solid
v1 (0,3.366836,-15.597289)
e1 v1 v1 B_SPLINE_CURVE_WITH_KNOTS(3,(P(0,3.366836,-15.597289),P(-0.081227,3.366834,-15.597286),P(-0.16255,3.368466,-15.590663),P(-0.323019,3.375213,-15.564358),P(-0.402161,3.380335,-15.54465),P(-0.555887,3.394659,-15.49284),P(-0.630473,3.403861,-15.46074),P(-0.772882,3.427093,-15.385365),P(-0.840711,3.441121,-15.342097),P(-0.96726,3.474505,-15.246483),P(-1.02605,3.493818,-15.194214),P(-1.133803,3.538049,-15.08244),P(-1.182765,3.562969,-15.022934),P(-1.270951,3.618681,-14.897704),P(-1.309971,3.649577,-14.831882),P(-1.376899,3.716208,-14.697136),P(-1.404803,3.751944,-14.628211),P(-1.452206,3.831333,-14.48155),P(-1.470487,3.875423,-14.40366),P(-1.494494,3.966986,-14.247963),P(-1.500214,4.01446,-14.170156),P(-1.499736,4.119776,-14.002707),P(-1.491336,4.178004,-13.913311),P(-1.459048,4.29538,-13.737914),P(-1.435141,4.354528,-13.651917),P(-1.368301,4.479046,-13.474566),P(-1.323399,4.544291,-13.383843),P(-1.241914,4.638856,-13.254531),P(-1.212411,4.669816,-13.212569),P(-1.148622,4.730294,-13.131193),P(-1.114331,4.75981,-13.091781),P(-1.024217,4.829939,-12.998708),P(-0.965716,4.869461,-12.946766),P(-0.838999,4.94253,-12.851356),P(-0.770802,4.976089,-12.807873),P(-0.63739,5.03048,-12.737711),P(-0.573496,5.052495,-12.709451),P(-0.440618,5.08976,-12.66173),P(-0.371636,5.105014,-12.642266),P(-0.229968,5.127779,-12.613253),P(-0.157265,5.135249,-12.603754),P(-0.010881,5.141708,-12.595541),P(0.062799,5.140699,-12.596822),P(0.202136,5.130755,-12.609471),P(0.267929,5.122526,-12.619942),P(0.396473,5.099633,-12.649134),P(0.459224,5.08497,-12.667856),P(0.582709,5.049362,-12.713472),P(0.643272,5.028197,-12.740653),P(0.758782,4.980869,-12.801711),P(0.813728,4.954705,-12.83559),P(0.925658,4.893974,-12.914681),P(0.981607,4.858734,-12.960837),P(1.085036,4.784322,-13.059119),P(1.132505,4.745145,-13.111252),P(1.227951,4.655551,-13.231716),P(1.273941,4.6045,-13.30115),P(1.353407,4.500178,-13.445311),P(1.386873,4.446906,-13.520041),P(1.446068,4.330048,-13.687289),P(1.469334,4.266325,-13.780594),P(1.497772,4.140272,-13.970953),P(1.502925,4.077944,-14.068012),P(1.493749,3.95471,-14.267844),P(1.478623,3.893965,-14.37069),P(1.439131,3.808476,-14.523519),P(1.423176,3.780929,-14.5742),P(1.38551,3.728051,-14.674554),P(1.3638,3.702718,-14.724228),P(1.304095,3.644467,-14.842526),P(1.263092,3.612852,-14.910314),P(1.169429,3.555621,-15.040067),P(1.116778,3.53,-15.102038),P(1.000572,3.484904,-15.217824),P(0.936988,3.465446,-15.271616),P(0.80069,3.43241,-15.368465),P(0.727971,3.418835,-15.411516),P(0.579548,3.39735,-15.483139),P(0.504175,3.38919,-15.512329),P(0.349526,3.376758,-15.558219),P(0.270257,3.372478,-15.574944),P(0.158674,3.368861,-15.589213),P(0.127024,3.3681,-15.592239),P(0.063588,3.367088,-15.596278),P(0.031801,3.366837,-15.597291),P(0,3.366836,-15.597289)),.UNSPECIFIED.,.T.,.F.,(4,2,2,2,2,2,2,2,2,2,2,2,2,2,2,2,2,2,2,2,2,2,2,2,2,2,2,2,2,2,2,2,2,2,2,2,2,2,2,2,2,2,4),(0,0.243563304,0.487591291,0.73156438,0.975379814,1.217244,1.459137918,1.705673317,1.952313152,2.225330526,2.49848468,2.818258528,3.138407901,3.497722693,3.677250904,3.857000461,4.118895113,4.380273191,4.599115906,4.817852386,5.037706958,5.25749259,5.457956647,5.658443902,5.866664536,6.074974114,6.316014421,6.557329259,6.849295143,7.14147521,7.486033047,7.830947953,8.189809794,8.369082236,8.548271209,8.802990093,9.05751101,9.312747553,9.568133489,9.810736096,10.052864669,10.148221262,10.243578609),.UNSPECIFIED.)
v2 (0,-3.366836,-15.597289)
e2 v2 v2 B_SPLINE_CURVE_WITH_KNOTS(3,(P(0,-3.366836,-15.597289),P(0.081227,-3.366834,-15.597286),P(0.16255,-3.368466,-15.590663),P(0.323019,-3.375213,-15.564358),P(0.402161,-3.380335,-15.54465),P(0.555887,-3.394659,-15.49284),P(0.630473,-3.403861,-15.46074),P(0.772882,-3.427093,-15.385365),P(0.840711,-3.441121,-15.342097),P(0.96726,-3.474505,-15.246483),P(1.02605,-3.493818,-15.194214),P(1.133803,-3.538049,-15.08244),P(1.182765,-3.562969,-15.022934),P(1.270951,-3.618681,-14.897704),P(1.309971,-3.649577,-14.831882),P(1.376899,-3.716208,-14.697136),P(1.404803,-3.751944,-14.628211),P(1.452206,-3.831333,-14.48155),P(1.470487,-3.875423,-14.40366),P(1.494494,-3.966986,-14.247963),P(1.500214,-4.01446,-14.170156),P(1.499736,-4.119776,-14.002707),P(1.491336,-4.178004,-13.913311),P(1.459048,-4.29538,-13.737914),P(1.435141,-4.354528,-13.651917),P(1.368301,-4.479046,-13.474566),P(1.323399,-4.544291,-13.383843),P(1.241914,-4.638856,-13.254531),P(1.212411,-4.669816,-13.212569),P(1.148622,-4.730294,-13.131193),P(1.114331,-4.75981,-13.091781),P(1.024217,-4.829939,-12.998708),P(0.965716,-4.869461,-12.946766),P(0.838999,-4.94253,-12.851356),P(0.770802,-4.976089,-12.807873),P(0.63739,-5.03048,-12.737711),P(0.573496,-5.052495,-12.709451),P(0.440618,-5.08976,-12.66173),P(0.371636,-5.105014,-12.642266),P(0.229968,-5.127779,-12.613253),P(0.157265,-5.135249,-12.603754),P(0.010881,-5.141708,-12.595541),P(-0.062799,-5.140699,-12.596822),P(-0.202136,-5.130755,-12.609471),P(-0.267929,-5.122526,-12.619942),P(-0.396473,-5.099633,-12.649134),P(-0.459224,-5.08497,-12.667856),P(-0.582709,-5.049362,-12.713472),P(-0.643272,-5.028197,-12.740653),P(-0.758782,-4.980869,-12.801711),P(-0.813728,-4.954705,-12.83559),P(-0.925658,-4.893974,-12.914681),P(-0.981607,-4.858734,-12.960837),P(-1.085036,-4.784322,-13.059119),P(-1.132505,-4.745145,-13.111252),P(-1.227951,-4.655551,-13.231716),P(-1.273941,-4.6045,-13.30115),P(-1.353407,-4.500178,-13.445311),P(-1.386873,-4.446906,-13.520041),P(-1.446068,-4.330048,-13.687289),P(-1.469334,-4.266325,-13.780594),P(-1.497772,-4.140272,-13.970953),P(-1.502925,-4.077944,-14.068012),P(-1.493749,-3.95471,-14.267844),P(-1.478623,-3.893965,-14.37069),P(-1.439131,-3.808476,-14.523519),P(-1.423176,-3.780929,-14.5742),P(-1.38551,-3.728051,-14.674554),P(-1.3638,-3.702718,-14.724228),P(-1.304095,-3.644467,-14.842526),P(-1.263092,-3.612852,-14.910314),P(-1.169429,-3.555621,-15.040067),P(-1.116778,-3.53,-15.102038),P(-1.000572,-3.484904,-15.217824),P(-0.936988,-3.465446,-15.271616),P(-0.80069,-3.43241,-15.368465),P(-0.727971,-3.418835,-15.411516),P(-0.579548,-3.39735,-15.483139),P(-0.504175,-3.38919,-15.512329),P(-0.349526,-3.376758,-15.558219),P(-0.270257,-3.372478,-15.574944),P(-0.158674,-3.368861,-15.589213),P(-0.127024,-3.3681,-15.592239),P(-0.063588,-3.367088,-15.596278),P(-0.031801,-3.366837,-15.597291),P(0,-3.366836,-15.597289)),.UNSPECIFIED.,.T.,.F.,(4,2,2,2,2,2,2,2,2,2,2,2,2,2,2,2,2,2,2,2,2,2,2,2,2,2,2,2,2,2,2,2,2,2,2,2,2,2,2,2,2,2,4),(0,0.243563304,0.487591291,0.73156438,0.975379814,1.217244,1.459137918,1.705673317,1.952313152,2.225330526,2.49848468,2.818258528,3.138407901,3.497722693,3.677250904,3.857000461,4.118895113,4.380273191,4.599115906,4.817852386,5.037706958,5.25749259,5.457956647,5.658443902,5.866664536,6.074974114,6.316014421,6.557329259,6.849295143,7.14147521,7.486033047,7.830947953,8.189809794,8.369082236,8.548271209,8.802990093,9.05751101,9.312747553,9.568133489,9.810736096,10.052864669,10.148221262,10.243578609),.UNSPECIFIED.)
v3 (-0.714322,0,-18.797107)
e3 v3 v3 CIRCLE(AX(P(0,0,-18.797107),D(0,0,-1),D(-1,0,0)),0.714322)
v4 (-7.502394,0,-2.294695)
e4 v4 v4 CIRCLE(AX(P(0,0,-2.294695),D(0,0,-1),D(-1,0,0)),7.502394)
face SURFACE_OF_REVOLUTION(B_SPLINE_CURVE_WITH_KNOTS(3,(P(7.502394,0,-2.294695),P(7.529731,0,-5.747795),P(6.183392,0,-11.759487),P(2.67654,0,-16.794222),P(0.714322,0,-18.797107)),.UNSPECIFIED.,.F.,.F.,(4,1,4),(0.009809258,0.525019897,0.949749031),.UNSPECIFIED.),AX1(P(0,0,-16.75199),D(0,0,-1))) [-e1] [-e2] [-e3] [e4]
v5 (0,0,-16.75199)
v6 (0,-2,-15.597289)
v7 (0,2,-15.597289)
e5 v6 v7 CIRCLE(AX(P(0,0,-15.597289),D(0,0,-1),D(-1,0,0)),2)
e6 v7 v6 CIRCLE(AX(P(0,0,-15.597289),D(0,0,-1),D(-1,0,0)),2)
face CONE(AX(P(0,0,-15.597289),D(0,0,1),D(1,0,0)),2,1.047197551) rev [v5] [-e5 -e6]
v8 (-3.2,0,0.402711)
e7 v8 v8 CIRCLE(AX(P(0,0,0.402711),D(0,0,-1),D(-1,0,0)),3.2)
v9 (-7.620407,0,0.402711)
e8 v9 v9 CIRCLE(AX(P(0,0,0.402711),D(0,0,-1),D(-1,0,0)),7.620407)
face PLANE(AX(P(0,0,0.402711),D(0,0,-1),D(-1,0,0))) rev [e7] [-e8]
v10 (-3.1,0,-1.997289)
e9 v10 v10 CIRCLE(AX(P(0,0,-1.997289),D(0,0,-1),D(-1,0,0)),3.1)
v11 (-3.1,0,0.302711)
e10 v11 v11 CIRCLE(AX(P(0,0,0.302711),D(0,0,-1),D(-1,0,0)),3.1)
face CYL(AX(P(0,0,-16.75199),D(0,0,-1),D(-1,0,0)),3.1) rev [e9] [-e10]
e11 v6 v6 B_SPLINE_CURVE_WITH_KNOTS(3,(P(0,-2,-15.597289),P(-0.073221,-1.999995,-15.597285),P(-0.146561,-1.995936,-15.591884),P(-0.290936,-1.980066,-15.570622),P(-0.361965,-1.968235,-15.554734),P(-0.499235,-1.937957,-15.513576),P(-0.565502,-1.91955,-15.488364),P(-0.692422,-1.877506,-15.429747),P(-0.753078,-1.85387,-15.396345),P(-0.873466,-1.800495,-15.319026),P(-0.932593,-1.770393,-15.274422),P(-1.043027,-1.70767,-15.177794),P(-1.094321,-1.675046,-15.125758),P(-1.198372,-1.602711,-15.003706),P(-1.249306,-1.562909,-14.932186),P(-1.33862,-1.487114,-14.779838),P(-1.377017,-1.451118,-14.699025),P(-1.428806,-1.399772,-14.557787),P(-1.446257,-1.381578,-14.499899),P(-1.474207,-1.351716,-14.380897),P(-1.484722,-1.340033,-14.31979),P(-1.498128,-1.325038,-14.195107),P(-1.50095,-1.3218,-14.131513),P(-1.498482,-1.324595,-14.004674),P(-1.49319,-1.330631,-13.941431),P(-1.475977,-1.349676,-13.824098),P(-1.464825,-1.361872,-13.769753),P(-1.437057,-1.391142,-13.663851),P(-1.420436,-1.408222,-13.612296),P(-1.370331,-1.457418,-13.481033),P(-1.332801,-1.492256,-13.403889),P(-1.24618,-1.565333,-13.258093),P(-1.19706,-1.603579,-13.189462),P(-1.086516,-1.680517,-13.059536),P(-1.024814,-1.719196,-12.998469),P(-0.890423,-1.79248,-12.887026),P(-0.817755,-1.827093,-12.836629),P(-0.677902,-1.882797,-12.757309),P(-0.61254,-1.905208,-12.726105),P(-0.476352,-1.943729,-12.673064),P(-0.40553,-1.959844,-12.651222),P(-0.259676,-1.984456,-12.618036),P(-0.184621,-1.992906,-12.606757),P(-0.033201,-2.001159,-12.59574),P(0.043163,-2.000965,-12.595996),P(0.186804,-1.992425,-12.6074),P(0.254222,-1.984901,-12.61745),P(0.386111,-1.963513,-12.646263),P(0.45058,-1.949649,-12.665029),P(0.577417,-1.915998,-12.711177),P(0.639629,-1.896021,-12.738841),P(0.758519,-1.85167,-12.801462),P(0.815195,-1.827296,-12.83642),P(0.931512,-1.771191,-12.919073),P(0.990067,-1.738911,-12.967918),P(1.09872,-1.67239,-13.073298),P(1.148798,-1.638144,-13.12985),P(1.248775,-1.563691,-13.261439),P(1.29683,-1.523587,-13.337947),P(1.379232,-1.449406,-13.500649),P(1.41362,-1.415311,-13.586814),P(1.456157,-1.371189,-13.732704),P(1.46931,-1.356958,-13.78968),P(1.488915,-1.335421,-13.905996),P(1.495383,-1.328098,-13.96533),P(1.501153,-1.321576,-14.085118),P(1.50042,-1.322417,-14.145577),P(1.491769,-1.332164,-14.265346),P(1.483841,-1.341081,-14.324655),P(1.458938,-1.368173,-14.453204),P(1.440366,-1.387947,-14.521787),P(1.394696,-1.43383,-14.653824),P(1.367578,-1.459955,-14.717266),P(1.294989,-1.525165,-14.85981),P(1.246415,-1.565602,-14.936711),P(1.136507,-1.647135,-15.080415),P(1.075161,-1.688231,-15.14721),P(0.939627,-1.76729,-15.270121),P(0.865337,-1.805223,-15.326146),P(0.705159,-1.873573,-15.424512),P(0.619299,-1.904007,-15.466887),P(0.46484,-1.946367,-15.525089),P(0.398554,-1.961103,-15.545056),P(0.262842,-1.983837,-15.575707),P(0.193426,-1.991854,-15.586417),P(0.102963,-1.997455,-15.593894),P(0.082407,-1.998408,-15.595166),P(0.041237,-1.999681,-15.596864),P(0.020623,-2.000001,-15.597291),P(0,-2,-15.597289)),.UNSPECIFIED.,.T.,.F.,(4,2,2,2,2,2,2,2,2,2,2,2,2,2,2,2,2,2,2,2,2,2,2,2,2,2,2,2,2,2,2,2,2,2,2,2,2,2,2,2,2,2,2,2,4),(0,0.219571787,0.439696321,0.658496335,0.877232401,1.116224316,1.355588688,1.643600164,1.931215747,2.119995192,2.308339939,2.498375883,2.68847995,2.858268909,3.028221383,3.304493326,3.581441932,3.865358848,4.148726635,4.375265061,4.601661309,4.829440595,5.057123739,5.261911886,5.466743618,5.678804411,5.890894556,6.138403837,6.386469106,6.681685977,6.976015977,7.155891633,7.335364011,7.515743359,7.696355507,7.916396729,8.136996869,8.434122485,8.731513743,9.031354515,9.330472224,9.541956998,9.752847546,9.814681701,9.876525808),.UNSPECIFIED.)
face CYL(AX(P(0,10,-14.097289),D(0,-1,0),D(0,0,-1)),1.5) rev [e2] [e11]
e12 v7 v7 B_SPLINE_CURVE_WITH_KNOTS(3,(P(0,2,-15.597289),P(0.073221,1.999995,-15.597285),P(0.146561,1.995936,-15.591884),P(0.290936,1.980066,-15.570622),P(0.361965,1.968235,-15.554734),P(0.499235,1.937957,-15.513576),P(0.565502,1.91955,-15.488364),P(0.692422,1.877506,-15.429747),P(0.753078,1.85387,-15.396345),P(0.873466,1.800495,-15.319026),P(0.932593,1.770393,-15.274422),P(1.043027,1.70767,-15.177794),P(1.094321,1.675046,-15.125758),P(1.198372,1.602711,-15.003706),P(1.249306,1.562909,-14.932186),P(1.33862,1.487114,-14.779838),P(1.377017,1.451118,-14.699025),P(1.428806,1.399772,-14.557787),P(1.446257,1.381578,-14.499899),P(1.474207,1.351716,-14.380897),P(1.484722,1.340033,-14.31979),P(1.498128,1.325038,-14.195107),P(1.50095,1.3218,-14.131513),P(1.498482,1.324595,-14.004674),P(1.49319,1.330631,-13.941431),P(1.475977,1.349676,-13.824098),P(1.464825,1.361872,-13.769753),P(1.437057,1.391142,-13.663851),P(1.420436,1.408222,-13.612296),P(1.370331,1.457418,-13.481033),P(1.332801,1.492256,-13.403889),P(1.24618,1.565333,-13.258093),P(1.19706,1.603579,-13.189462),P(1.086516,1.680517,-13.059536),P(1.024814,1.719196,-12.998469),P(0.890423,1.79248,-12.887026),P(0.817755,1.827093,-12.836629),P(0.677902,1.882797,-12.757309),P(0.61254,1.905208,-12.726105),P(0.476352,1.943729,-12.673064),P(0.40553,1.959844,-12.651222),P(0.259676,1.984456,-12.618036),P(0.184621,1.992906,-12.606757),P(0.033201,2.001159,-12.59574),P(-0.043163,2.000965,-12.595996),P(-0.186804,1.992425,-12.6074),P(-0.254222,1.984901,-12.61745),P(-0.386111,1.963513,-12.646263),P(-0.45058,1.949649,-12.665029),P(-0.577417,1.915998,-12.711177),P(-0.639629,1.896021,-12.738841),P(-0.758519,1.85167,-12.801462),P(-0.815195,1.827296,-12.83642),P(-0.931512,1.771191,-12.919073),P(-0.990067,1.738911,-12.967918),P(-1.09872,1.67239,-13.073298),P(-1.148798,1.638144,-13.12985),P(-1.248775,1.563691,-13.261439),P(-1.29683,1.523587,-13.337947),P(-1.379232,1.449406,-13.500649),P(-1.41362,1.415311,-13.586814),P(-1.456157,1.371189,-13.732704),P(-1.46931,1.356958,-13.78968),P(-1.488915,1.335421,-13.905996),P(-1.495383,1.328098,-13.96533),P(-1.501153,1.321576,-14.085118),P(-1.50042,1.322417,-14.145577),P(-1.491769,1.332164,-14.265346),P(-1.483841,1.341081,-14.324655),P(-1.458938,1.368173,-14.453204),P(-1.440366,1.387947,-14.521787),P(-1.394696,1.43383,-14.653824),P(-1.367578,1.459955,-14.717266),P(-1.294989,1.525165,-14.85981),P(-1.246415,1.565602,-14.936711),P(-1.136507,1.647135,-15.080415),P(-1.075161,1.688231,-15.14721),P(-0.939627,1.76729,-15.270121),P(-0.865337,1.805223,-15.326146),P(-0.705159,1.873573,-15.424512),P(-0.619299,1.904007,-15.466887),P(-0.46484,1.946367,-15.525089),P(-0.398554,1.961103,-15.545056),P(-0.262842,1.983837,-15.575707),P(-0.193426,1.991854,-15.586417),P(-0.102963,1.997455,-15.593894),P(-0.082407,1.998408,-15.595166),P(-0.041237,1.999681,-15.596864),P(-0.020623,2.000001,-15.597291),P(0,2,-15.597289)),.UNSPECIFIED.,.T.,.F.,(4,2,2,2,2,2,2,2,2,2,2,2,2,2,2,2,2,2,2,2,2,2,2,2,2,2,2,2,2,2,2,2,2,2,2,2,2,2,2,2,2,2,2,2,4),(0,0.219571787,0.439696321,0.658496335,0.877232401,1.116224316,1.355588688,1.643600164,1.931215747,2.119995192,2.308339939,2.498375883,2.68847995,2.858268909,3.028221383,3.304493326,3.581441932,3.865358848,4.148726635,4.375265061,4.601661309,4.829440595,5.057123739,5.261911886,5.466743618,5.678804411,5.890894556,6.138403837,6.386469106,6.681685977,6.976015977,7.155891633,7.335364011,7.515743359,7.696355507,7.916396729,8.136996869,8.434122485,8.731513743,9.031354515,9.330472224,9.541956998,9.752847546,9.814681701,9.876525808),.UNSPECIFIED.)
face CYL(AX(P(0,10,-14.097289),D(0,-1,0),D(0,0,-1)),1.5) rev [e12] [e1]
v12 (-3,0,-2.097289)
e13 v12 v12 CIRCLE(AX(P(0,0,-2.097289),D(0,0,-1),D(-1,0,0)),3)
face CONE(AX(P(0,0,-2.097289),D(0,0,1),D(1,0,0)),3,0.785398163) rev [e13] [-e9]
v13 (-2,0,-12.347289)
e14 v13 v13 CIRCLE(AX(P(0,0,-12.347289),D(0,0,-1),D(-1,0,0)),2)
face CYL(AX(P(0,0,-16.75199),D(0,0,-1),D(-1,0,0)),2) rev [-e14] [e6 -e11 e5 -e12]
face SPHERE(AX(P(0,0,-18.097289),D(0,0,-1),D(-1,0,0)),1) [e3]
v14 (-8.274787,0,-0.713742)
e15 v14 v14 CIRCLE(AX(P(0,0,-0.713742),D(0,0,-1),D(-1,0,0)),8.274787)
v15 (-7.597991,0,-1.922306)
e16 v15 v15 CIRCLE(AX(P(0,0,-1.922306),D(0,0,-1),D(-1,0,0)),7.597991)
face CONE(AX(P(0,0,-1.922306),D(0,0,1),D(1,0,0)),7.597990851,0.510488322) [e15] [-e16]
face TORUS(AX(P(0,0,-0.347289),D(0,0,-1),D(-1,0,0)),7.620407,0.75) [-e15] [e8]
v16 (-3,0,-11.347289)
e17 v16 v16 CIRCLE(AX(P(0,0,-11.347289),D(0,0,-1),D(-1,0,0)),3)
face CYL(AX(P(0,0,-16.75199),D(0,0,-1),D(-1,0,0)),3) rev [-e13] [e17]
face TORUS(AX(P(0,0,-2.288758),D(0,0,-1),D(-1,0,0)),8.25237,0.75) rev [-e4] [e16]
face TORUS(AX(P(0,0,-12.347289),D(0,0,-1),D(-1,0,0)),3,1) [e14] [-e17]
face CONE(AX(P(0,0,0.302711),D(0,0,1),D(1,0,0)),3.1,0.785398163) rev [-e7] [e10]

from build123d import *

# Parameters (mm, degrees)
KES_EKSTR_ZYON1_DEPTH      = 10
KES_EKSTR_ZYON1_DEPTH_BACK = 10
IZIM3_R                    = 1.500000006


with BuildPart() as part:
    # Çizim2 → Döndür1 (revolve)
    with BuildSketch(Plane(origin=(0, 0, 0), x_dir=(1, 0, 0), z_dir=(0, 1, 0))):
        with BuildLine():
            ThreePointArc((0.714321501, 18.797107068), (0.387416, 19.01919439), (0, 19.097289382))
            Line((0, 19.097289382), (0, 16.751989926))
            Line((0, 16.751989926), (2, 15.597289388))
            Line((2, 15.597289388), (2, 12.59728938))
            Line((2, 12.59728938), (2, 12.34728938))
            ThreePointArc((2, 12.34728938), (2.292893219, 11.640182599), (3, 11.34728938))
            Line((3, 11.34728938), (3, 2.097289382))
            Line((3, 2.097289382), (3.1, 1.997289382))
            Line((3.1, 1.997289382), (3.1, -0.302710618))
            Line((3.1, -0.302710618), (3.2, -0.402710618))
            Line((3.2, -0.402710618), (7.620407073, -0.402710618))
            ThreePointArc((7.620407073, -0.402710618), (8.267453978, -0.031960275), (8.274786585, 0.713741909))
            Line((8.274786585, 0.713741909), (7.597990851, 1.92230572))
            ThreePointArc((7.597990851, 1.92230572), (7.525925262, 2.102270942), (7.502393864, 2.294695482))
            add(Edge.make_bspline(
                [(7.502393864, 2.294695482), (7.529730545, 5.747795495), (6.183392383, 11.759486708), (2.676539792, 16.794221541), (0.714321501, 18.797107068)],
                knots=[0.009809258, 0.009809258, 0.009809258, 0.009809258, 0.525019897, 0.949749031, 0.949749031, 0.949749031, 0.949749031], degree=3))
        make_face()
    revolve(axis=Axis((0, 0, -16.751989926), (0, 0, 1)))

    # Çizim3 → Kes-Ekstrüzyon1 (cut, two sides: drawn at the far end of the back side and taken through both)
    with BuildSketch(Plane(origin=(0, 0, 0), x_dir=(1, 0, 0), z_dir=(0, 1, 0)).offset(-KES_EKSTR_ZYON1_DEPTH_BACK)):
        with Locations((0, 14.097289382)):
            Circle(IZIM3_R)
    extrude(amount=KES_EKSTR_ZYON1_DEPTH + KES_EKSTR_ZYON1_DEPTH_BACK, mode=Mode.SUBTRACT)


solid = part.part
